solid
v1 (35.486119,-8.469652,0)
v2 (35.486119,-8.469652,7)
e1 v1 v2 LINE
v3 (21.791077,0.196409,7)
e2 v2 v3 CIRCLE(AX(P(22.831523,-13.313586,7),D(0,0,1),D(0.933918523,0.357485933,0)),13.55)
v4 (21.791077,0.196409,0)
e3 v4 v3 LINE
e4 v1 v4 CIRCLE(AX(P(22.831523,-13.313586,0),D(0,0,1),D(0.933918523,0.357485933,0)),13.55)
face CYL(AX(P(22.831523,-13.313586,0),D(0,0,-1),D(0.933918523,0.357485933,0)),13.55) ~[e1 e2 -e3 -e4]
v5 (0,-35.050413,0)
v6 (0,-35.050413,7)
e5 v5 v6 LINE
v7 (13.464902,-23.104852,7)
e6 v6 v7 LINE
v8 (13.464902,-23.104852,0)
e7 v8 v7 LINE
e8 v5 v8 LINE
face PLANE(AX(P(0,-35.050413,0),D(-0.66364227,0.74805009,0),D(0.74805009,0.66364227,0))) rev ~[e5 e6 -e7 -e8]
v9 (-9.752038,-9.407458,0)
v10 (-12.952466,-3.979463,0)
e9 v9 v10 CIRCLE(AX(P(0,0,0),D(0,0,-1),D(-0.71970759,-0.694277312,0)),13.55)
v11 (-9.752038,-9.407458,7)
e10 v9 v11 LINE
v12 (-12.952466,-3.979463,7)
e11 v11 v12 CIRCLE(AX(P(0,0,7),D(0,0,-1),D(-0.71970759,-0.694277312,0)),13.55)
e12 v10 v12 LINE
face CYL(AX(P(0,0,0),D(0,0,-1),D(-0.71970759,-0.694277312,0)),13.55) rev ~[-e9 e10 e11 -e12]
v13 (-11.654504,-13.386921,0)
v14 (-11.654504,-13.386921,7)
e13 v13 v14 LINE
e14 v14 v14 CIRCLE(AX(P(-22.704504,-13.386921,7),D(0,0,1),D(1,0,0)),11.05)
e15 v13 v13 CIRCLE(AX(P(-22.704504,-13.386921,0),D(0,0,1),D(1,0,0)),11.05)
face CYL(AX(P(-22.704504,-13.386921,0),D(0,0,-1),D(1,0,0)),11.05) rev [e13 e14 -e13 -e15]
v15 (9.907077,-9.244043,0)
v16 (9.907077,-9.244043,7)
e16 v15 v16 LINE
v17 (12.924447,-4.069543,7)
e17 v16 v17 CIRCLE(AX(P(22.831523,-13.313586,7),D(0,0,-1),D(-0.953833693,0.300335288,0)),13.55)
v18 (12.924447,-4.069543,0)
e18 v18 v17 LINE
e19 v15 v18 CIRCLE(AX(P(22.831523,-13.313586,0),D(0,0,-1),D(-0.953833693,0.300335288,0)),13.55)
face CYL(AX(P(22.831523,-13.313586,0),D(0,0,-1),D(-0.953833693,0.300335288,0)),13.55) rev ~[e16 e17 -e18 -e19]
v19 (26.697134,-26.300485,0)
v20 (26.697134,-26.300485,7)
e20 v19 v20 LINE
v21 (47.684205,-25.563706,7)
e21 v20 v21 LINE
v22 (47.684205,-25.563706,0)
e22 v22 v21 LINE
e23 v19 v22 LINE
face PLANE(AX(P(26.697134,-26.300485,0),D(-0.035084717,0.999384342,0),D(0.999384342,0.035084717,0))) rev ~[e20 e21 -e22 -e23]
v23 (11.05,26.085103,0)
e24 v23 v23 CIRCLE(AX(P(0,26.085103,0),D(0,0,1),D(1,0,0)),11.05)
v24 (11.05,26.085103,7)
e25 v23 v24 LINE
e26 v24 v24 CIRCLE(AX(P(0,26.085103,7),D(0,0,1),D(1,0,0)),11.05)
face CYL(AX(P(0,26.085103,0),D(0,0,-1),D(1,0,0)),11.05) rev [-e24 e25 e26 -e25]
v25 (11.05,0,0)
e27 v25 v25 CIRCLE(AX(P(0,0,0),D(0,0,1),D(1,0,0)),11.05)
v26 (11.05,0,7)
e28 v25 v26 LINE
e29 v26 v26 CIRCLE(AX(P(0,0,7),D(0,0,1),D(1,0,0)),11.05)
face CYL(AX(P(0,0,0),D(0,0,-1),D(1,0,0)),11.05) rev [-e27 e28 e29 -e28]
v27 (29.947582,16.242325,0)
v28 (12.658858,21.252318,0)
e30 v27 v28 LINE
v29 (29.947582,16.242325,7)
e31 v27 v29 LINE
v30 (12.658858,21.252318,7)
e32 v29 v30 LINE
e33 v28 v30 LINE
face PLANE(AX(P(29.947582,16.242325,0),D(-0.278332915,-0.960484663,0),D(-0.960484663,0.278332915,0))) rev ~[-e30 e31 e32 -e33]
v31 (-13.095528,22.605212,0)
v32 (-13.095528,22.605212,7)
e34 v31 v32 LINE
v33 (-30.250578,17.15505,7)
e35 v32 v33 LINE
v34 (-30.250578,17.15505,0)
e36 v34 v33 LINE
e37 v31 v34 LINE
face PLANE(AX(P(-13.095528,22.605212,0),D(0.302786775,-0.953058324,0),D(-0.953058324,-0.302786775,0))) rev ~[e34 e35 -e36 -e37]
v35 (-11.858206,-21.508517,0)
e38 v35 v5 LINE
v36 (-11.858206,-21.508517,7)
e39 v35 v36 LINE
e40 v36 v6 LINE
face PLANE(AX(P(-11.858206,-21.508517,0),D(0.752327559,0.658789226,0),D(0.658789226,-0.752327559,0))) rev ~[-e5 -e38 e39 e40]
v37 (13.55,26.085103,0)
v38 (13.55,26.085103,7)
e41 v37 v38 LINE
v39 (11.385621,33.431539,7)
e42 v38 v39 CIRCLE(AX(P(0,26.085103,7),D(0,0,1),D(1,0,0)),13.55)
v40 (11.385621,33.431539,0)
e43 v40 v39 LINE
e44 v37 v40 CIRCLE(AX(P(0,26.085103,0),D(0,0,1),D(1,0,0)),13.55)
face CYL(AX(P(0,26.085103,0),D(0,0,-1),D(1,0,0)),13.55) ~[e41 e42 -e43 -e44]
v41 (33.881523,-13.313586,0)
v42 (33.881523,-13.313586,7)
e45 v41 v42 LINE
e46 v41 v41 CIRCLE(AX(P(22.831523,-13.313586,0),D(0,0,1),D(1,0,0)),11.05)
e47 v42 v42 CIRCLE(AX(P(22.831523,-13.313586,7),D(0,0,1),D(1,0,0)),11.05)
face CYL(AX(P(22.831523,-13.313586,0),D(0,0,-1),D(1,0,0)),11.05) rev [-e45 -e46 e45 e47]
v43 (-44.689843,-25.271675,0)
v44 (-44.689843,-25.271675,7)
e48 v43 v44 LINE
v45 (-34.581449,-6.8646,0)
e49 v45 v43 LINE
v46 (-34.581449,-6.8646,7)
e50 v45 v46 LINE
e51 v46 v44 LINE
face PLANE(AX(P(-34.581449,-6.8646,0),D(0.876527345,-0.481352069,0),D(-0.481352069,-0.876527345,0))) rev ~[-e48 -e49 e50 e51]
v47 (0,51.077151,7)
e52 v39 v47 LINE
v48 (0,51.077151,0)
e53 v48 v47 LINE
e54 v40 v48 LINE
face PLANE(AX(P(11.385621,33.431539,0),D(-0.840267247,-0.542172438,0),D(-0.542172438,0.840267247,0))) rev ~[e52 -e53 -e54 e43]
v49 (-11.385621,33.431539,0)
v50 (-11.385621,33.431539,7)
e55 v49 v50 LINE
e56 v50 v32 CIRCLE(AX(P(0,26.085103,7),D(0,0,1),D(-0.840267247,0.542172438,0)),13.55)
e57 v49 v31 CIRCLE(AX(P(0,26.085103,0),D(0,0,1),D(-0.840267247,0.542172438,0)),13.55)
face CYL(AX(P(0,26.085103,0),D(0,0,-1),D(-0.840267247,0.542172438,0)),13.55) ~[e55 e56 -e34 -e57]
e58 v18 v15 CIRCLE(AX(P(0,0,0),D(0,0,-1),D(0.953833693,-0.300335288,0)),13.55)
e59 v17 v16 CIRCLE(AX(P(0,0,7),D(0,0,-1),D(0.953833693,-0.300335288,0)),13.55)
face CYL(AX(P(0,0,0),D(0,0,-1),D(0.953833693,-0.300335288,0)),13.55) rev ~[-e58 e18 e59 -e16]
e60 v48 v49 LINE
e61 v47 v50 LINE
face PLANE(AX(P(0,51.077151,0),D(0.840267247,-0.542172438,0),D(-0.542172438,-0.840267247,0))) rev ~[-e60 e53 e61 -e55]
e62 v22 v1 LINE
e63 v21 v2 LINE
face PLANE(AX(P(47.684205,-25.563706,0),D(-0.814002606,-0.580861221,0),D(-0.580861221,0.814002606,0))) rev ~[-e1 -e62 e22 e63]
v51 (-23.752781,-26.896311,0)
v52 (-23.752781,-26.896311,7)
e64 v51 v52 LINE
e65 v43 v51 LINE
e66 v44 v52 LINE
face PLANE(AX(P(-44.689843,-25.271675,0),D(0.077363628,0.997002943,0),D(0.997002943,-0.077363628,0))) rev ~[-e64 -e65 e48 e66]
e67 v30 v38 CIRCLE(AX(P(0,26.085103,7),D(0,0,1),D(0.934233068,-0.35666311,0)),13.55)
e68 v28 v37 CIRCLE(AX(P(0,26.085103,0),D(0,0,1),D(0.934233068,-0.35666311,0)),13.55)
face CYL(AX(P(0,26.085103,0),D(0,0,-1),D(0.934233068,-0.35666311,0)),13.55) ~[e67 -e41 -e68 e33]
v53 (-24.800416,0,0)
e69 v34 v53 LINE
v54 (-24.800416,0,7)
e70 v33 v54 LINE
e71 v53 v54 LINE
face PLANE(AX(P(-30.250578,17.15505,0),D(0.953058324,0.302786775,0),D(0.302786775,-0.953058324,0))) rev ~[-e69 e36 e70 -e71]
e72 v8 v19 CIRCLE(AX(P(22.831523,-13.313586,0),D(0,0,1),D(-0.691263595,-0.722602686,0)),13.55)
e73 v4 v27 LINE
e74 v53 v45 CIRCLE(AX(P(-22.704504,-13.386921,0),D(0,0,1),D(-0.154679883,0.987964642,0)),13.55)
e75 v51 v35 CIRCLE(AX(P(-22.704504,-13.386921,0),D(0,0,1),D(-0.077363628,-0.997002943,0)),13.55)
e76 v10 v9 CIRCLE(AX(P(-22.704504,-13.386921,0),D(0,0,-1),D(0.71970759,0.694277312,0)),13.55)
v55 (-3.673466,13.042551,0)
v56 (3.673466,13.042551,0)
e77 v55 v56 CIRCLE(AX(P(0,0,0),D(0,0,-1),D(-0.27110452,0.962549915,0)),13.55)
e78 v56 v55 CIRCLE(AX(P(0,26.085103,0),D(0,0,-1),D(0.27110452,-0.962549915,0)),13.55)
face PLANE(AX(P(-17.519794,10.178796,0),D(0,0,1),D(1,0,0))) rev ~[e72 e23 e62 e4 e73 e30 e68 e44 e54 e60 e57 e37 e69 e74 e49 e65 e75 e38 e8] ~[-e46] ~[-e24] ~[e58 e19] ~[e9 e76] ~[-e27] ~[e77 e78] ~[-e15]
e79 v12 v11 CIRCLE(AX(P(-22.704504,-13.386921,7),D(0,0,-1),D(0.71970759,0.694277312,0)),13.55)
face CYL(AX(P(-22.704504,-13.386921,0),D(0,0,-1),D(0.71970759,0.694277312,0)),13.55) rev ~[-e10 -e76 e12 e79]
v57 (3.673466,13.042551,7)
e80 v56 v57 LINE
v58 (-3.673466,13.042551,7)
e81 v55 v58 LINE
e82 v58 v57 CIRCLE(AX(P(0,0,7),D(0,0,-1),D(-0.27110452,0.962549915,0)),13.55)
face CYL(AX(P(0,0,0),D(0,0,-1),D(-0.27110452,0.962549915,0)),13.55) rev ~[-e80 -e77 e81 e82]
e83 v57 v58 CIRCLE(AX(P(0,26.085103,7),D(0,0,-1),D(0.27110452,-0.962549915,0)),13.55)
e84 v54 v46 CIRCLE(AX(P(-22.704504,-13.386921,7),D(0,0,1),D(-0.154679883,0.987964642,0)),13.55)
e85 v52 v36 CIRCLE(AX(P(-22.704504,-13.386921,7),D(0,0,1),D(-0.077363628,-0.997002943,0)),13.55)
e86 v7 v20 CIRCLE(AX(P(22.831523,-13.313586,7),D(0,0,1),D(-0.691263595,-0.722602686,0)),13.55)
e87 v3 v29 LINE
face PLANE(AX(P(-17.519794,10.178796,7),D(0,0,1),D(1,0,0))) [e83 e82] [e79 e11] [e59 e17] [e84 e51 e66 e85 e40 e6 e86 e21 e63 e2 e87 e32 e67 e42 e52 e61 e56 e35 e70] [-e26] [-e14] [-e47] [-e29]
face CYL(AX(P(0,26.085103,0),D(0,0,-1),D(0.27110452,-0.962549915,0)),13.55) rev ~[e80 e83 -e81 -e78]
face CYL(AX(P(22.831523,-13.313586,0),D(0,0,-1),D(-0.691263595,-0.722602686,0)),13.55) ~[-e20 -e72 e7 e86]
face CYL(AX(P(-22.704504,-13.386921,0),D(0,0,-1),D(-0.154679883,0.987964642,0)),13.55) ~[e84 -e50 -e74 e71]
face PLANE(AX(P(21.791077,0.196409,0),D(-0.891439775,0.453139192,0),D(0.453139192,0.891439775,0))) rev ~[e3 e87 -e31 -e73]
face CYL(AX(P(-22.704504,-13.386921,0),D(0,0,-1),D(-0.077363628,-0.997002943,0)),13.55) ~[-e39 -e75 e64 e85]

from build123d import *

# Parameters (mm, degrees)
F0_R     = 11.05
F1_DEPTH = 7


with BuildPart() as f1:
    # F0 (on Top) → F1 (new body)
    with BuildSketch(Plane.XY):
        with BuildLine():
            ThreePointArc((-12.952465851, -3.9794633281), (-11.897169851, 6.4853565465), (-3.6734662474, 13.0425513504))
            ThreePointArc((-3.6734662474, 13.0425513504), (-9.6519900745, 16.5750244887), (-13.095528212, 22.6052117759))
            Line((-13.095528212, 22.6052117759), (-30.250578046, 17.155049834))
            Line((-30.250578046, 17.155049834), (-24.8004161041, 0))
            ThreePointArc((-24.8004161041, 0), (-18.3902139195, -0.5421007851), (-12.952465851, -3.9794633281))
        make_face()
        with BuildLine():
            ThreePointArc((13.4649016197, -23.1048524771), (9.7069874768, -16.6824224669), (9.9070767838, -9.244042925))
            ThreePointArc((9.9070767838, -9.244042925), (0.1126292817, -13.5495318976), (-9.7520378408, -9.4074575711))
            ThreePointArc((-9.7520378408, -9.4074575711), (-9.3047198823, -11.374883658), (-9.1545036918, -13.3869208991))
            ThreePointArc((-9.1545036918, -13.3869208991), (-9.8481855399, -17.6668255216), (-11.8582060648, -21.5085172809))
            Line((-11.8582060648, -21.5085172809), (0, -35.0504133418))
            Line((0, -35.0504133418), (13.4649016197, -23.1048524771))
        make_face()
        with BuildLine():
            ThreePointArc((3.6734662474, 13.0425513504), (10.8022675317, 8.1800682255), (13.55, 0))
            ThreePointArc((13.55, 0), (13.3926985837, -2.0586706017), (12.9244465467, -4.0695431515))
            ThreePointArc((12.9244465467, -4.0695431515), (16.9568611894, -1.1033098828), (21.7910765488, 0.1964091305))
            Line((21.7910765488, 0.1964091305), (29.9475820114, 16.2423250794))
            Line((29.9475820114, 16.2423250794), (12.6588580732, 21.2523175532))
            ThreePointArc((12.6588580732, 21.2523175532), (9.1398178157, 16.0817917342), (3.6734662474, 13.0425513504))
        make_face()
        with BuildLine():
            ThreePointArc((12.9244465467, -4.0695431515), (13.3926985837, -2.0586706017), (13.55, 0))
            ThreePointArc((13.55, 0), (10.8022675317, 8.1800682255), (3.6734662474, 13.0425513504))
            ThreePointArc((3.6734662474, 13.0425513504), (0, 12.5351027009), (-3.6734662474, 13.0425513504))
            ThreePointArc((-3.6734662474, 13.0425513504), (-11.897169851, 6.4853565465), (-12.952465851, -3.9794633281))
            ThreePointArc((-12.952465851, -3.9794633281), (-11.0323401242, -6.50483563), (-9.7520378408, -9.4074575711))
            ThreePointArc((-9.7520378408, -9.4074575711), (0.1126292817, -13.5495318976), (9.9070767838, -9.244042925))
            ThreePointArc((9.9070767838, -9.244042925), (11.1262477518, -6.4879708203), (12.9244465467, -4.0695431515))
        make_face()
        Circle(F0_R, mode=Mode.SUBTRACT)
        with BuildLine():
            ThreePointArc((21.7910765488, 0.1964091305), (16.9568611894, -1.1033098828), (12.9244465467, -4.0695431515))
            ThreePointArc((12.9244465467, -4.0695431515), (11.7052755787, -6.8256152562), (9.9070767838, -9.244042925))
            ThreePointArc((9.9070767838, -9.244042925), (9.7069874768, -16.6824224669), (13.4649016197, -23.1048524771))
            ThreePointArc((13.4649016197, -23.1048524771), (19.6505959817, -26.484926221), (26.6971337744, -26.3004854715))
            ThreePointArc((26.6971337744, -26.3004854715), (33.6938785428, -21.4136934365), (36.3815233305, -13.3135860765))
            ThreePointArc((36.3815233305, -13.3135860765), (36.1557920846, -10.8505874635), (35.4861193205, -8.4696516911))
            ThreePointArc((35.4861193205, -8.4696516911), (30.0770231752, -1.8634667758), (21.7910765488, 0.1964091305))
        make_face()
        with Locations((22.8315233305, -13.3135860765)):
            Circle(F0_R, mode=Mode.SUBTRACT)
        with BuildLine():
            Line((47.6842049522, -25.5637064155), (35.4861193205, -8.4696516911))
            ThreePointArc((35.4861193205, -8.4696516911), (36.1557920846, -10.8505874635), (36.3815233305, -13.3135860765))
            ThreePointArc((36.3815233305, -13.3135860765), (33.6938785428, -21.4136934365), (26.6971337744, -26.3004854715))
            Line((26.6971337744, -26.3004854715), (47.6842049522, -25.5637064155))
        make_face()
        with BuildLine():
            ThreePointArc((-9.7520378408, -9.4074575711), (-11.6721635676, -6.8820852692), (-12.952465851, -3.9794633281))
            ThreePointArc((-12.952465851, -3.9794633281), (-18.3902139195, -0.5421007851), (-24.8004161041, 0))
            ThreePointArc((-24.8004161041, 0), (-30.4885177102, -2.2958602753), (-34.5814492108, -6.864600366))
            ThreePointArc((-34.5814492108, -6.864600366), (-34.6243485245, -19.8305067924), (-23.7527808459, -26.896310782))
            ThreePointArc((-23.7527808459, -26.896310782), (-17.1136736104, -25.729737393), (-11.8582060648, -21.5085172809))
            ThreePointArc((-11.8582060648, -21.5085172809), (-9.8481855399, -17.6668255216), (-9.1545036918, -13.3869208991))
            ThreePointArc((-9.1545036918, -13.3869208991), (-9.3047198823, -11.374883658), (-9.7520378408, -9.4074575711))
        make_face()
        with Locations((-22.7045036918, -13.3869208991)):
            Circle(F0_R, mode=Mode.SUBTRACT)
        with BuildLine():
            ThreePointArc((-23.7527808459, -26.896310782), (-34.6243485245, -19.8305067924), (-34.5814492108, -6.864600366))
            Line((-34.5814492108, -6.864600366), (-44.6898426571, -25.2716746022))
            Line((-44.6898426571, -25.2716746022), (-23.7527808459, -26.896310782))
        make_face()
        with BuildLine():
            Line((0, 51.0771514364), (-11.3856212034, 33.4315392393))
            ThreePointArc((-11.3856212034, 33.4315392393), (0, 39.6351027009), (11.3856212034, 33.4315392393))
            Line((11.3856212034, 33.4315392393), (0, 51.0771514364))
        make_face()
        with BuildLine():
            ThreePointArc((-3.6734662474, 13.0425513504), (0, 13.55), (3.6734662474, 13.0425513504))
            ThreePointArc((3.6734662474, 13.0425513504), (9.1398178157, 16.0817917342), (12.6588580732, 21.2523175532))
            ThreePointArc((12.6588580732, 21.2523175532), (13.3253522822, 23.6279729619), (13.55, 26.0851027009))
            ThreePointArc((13.55, 26.0851027009), (12.9976472353, 29.9144193954), (11.3856212034, 33.4315392393))
            ThreePointArc((11.3856212034, 33.4315392393), (0, 39.6351027009), (-11.3856212034, 33.4315392393))
            ThreePointArc((-11.3856212034, 33.4315392393), (-13.3840954405, 28.1989828393), (-13.095528212, 22.6052117759))
            ThreePointArc((-13.095528212, 22.6052117759), (-9.6519900745, 16.5750244887), (-3.6734662474, 13.0425513504))
        make_face()
        with Locations((0, 26.0851027009)):
            Circle(F0_R, mode=Mode.SUBTRACT)
    extrude(amount=F1_DEPTH)


solid = f1.part
